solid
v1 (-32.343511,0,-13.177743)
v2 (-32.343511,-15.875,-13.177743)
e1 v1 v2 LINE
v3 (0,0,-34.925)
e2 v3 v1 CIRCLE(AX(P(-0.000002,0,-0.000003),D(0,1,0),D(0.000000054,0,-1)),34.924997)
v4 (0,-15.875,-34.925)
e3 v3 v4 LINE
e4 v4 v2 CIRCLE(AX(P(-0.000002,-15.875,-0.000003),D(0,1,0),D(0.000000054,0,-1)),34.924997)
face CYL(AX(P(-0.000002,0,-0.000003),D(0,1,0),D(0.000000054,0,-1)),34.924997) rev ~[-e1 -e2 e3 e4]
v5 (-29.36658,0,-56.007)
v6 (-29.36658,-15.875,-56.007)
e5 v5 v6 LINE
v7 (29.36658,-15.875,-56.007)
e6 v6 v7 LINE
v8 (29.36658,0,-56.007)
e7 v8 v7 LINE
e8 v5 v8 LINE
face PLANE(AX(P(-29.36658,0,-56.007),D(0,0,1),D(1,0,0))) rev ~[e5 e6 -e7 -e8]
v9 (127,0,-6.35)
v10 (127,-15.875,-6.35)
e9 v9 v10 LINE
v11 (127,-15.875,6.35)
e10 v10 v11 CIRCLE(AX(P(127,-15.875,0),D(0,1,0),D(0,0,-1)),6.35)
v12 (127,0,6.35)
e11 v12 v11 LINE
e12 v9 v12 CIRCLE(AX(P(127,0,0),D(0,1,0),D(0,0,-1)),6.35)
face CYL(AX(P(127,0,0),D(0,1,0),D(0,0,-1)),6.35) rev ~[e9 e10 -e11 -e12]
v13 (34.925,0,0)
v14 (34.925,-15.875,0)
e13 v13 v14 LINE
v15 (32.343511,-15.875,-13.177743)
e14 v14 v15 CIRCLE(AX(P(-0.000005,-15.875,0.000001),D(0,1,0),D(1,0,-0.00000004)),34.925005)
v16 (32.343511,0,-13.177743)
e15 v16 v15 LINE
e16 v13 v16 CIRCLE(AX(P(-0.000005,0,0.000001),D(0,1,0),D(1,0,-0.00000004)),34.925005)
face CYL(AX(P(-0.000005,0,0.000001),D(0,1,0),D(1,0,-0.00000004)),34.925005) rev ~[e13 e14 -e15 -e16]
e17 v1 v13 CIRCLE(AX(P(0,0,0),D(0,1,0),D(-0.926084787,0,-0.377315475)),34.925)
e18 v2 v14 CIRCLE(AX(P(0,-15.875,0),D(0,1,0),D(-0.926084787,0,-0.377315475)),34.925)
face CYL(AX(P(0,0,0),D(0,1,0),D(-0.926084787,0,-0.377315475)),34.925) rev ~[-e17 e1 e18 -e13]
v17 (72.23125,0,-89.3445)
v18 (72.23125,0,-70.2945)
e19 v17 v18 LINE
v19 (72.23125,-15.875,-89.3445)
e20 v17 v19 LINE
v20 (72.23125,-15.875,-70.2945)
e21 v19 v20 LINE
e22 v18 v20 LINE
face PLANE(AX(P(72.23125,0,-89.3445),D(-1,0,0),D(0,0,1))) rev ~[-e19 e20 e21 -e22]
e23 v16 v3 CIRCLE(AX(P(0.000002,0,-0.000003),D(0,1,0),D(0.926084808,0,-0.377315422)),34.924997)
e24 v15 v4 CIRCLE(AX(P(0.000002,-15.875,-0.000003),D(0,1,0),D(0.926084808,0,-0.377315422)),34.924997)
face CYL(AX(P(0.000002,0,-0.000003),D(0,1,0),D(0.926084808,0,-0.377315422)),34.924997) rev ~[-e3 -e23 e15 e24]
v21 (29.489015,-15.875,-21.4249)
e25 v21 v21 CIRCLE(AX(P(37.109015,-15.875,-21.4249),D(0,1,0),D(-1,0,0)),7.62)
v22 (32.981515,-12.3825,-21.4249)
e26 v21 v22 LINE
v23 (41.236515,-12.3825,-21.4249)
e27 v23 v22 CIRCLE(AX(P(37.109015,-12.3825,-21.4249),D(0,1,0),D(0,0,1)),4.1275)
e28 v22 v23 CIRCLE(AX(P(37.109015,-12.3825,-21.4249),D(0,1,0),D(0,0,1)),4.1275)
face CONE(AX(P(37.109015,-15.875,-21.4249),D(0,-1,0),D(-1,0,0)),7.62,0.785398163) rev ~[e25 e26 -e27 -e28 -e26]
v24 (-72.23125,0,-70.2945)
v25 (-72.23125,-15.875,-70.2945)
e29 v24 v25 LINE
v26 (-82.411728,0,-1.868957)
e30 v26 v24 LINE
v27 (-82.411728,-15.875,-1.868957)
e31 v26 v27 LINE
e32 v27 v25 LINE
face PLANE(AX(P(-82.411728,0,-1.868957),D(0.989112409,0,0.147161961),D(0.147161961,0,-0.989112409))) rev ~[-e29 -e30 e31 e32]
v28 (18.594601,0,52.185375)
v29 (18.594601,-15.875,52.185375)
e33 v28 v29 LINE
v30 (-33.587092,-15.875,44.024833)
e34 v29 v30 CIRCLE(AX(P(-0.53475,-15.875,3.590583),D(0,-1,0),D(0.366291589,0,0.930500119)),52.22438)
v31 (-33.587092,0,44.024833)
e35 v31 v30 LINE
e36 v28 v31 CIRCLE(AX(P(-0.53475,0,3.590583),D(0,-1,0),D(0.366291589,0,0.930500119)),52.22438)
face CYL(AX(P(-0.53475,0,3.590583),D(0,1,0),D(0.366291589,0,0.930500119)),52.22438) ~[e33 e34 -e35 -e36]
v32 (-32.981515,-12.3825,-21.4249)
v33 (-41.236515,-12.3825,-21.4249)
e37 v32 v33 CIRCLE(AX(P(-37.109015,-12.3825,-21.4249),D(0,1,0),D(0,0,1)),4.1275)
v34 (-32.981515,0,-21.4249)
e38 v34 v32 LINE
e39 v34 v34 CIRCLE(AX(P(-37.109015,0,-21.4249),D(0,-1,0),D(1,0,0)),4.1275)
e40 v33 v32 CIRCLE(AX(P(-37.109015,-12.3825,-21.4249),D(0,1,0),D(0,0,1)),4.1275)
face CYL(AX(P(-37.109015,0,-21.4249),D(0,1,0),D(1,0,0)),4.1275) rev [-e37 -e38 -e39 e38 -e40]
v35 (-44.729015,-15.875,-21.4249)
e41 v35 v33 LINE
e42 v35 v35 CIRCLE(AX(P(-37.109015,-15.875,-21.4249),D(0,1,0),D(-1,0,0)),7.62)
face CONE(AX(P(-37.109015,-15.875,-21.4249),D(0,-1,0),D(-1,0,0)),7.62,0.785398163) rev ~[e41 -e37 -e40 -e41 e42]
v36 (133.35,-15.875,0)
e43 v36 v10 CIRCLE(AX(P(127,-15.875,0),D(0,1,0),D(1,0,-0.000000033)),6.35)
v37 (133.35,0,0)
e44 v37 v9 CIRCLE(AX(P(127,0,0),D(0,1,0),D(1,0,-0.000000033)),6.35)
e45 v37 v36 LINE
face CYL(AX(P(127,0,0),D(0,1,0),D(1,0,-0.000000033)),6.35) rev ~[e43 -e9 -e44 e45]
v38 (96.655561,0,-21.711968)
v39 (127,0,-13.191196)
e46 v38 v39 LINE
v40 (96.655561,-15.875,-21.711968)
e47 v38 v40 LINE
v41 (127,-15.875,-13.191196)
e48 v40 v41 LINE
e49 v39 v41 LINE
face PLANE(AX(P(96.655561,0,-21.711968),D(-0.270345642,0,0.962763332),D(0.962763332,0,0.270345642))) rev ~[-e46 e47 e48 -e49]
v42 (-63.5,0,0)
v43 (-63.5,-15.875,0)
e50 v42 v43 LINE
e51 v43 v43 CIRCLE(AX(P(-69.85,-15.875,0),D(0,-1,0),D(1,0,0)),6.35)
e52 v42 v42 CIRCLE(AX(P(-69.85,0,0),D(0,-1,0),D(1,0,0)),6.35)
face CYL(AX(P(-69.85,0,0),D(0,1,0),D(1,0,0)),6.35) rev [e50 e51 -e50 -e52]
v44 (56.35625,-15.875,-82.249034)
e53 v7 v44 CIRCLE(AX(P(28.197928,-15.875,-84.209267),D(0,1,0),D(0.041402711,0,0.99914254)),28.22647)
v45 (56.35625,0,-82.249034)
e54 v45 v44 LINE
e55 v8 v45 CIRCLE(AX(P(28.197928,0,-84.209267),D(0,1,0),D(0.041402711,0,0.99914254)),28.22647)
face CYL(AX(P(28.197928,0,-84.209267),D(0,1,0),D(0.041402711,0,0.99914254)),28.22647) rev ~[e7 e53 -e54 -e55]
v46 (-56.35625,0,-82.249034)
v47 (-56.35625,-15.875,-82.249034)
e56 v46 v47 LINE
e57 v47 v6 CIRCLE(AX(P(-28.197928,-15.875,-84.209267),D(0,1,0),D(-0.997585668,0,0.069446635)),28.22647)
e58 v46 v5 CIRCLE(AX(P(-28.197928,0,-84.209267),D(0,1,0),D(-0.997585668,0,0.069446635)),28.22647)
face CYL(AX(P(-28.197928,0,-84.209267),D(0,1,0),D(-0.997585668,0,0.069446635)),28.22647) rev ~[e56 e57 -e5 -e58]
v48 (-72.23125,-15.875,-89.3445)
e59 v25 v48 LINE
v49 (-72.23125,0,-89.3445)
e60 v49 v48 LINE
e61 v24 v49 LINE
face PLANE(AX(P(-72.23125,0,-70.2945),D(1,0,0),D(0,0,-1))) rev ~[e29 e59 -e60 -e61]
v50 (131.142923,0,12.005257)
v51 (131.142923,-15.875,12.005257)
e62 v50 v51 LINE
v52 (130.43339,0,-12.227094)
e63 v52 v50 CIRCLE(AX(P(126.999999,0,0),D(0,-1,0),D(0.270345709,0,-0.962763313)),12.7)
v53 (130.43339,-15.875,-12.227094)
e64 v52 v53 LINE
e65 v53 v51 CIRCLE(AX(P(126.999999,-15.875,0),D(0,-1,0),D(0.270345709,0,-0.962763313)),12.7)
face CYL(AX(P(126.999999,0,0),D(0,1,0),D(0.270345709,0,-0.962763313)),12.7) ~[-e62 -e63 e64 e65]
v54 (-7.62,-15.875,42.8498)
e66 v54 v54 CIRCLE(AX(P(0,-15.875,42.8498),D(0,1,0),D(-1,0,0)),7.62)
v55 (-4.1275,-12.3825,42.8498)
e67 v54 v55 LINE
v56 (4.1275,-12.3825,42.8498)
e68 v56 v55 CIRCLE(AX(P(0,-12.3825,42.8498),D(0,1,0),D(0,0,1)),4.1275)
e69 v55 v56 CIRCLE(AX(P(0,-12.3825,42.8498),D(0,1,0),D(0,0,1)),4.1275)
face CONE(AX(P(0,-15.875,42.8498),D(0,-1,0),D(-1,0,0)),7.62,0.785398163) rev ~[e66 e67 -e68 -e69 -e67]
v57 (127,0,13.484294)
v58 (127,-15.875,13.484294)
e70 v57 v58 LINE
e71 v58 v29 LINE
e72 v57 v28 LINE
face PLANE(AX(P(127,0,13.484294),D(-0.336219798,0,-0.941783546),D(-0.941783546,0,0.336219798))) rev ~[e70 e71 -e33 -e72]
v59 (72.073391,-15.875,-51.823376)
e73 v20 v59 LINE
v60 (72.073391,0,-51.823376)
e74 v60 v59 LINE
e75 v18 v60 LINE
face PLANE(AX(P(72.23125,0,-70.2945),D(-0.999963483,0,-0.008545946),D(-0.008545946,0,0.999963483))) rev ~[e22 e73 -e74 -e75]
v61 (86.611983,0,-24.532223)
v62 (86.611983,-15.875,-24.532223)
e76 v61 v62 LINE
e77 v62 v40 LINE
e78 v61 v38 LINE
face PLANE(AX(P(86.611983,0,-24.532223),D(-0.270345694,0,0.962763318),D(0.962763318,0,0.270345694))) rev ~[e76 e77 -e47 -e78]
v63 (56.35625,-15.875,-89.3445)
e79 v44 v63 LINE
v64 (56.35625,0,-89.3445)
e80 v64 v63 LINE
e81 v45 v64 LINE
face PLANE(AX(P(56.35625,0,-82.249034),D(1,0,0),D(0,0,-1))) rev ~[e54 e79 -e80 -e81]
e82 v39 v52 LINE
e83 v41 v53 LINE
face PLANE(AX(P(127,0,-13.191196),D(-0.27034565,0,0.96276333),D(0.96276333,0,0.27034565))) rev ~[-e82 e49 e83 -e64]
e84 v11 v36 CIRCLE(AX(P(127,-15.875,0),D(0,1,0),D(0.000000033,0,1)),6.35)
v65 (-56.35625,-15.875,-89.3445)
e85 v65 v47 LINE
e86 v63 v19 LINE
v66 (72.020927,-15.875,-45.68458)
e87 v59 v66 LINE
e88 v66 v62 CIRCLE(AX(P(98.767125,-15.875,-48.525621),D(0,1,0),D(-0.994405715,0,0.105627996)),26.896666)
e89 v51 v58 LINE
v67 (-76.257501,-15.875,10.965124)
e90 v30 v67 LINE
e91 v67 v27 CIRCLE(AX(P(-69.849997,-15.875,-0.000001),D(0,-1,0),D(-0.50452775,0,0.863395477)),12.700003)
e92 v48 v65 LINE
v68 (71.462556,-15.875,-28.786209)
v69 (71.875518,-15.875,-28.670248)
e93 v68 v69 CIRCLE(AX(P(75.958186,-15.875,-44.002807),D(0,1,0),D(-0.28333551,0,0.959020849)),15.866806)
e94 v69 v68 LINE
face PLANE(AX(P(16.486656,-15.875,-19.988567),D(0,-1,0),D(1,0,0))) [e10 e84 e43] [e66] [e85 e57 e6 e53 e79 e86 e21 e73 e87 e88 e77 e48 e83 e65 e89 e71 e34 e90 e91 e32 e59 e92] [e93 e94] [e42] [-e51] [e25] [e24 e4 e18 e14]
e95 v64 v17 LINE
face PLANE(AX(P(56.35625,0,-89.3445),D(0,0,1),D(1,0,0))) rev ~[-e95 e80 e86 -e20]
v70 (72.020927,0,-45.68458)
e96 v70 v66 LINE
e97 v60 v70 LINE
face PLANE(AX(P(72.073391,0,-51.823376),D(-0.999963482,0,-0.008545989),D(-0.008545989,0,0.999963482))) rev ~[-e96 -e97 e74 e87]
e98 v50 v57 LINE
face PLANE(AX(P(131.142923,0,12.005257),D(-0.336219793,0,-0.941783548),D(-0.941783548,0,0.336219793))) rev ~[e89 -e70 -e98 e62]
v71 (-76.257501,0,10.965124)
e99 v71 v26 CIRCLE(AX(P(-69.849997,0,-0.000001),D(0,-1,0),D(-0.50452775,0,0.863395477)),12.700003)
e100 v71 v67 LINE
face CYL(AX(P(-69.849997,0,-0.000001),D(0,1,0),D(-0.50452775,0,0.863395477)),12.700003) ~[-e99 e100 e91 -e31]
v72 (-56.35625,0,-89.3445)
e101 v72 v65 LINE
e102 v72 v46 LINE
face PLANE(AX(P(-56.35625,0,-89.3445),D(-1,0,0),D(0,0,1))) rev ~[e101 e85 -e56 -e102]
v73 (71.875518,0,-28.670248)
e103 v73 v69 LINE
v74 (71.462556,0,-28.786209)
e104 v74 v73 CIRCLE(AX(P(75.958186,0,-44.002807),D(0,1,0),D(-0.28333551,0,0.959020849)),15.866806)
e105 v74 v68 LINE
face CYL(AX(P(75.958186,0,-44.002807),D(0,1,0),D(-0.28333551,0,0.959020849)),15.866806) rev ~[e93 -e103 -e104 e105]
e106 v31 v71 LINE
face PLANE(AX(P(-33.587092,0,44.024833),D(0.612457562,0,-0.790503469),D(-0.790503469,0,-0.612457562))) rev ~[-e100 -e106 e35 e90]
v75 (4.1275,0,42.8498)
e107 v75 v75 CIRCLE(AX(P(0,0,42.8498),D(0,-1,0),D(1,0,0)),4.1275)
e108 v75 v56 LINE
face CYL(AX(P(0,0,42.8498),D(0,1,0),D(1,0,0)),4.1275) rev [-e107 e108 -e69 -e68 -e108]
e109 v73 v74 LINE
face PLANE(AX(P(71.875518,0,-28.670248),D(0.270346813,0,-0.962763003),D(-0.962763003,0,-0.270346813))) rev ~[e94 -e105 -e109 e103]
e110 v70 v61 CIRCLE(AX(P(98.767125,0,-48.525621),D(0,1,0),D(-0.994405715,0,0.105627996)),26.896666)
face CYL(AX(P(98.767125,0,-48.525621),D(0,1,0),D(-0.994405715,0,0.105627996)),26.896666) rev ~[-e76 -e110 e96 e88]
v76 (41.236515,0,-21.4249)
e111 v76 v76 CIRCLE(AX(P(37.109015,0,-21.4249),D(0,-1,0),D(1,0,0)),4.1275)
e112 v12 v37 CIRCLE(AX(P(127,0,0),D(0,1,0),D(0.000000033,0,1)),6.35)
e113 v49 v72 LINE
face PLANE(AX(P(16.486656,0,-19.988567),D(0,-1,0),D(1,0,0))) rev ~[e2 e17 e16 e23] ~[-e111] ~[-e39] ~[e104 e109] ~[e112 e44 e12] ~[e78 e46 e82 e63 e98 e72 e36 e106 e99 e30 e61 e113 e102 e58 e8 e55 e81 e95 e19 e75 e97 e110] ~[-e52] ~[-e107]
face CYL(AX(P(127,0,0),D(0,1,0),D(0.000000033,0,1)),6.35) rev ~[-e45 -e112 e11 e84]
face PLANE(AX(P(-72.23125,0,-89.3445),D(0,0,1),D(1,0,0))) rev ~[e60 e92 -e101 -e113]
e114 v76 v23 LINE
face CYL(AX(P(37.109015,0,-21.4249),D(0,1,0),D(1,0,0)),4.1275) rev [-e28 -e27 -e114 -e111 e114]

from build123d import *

# Parameters (mm, degrees)
F0_R           = 4.1275
F0_R_2         = 6.35
F1_DEPTH       = 15.875
F3_D           = 8.255
F3_CSINK_D     = 15.24
F3_CSINK_ANGLE = 90


with BuildPart() as f1:
    # F0 (on Front) → F1 (new body)
    with BuildSketch(Plane.XZ):
        with BuildLine():
            Line((-27.029276, -56.007), (0, -56.007))
            Line((0, -56.007), (27.029276, -56.007))
            ThreePointArc((27.029276, -56.007), (28.197928, -55.982797), (29.36658, -56.007))
            ThreePointArc((29.36658, -56.007), (47.874791, -63.97181), (56.35625, -82.249034))
            Line((56.35625, -82.249034), (56.35625, -89.3445))
            Line((56.35625, -89.3445), (72.23125, -89.3445))
            Line((72.23125, -89.3445), (72.23125, -70.2945))
            Line((72.23125, -70.2945), (72.073391, -51.823376))
            ThreePointArc((72.073391, -51.823376), (71.871442, -48.75548), (72.020927, -45.68458))
            ThreePointArc((72.020927, -45.68458), (76.627023, -33.253211), (86.611983, -24.532223))
            ThreePointArc((86.611983, -24.532223), (91.49573, -22.630497), (96.655561, -21.711968))
            Line((96.655561, -21.711968), (127, -13.191196))
            Line((127, -13.191196), (127, -6.35))
            ThreePointArc((127, -6.35), (120.65, 0), (127, 6.35))
            Line((127, 6.35), (127, 13.484294))
            Line((127, 13.484294), (18.594601, 52.185375))
            ThreePointArc((18.594601, 52.185375), (-8.60389, 55.18782), (-33.587092, 44.024833))
            Line((-33.587092, 44.024833), (-76.257501, 10.965124))
            ThreePointArc((-76.257501, 10.965124), (-81.301476, 5.491238), (-82.411728, -1.868957))
            Line((-82.411728, -1.868957), (-72.23125, -70.2945))
            Line((-72.23125, -70.2945), (-72.23125, -89.3445))
            Line((-72.23125, -89.3445), (-56.35625, -89.3445))
            Line((-56.35625, -89.3445), (-56.35625, -86.1695))
            ThreePointArc((-56.35625, -86.1695), (-56.424398, -84.209267), (-56.35625, -82.249034))
            ThreePointArc((-56.35625, -82.249034), (-47.874791, -63.97181), (-29.36658, -56.007))
            ThreePointArc((-29.36658, -56.007), (-28.197928, -55.982797), (-27.029276, -56.007))
        make_face()
        with Locations((-37.109015, -21.4249)):
            Circle(F0_R, mode=Mode.SUBTRACT)
        with Locations((37.109015, -21.4249)):
            Circle(F0_R, mode=Mode.SUBTRACT)
        with BuildLine():
            ThreePointArc((71.462556, -28.786209), (71.668645, -28.726833), (71.875518, -28.670248))
            Line((71.875518, -28.670248), (71.462556, -28.786209))
        make_face(mode=Mode.SUBTRACT)
        with Locations((-69.85, 0)):
            Circle(F0_R_2, mode=Mode.SUBTRACT)
        with BuildLine():
            ThreePointArc((0, -34.925), (-19.48747, -28.982653), (-32.343511, -13.177743))
            ThreePointArc((-32.343511, -13.177743), (-6.714108, 34.273552), (34.925, 0))
            ThreePointArc((34.925, 0), (34.273552, -6.714108), (32.343511, -13.177743))
            ThreePointArc((32.343511, -13.177743), (19.48747, -28.982653), (0, -34.925))
        make_face(mode=Mode.SUBTRACT)
        with Locations((0, 42.8498)):
            Circle(F0_R, mode=Mode.SUBTRACT)
        with BuildLine():
            Line((-29.36658, -56.007), (-27.029276, -56.007))
            ThreePointArc((-27.029276, -56.007), (-28.197928, -55.982797), (-29.36658, -56.007))
        make_face()
        with BuildLine():
            ThreePointArc((29.36658, -56.007), (28.197928, -55.982797), (27.029276, -56.007))
            Line((27.029276, -56.007), (29.36658, -56.007))
        make_face()
        with BuildLine():
            Line((-56.35625, -86.1695), (-56.35625, -82.249034))
            ThreePointArc((-56.35625, -82.249034), (-56.424398, -84.209267), (-56.35625, -86.1695))
        make_face()
        with BuildLine():
            ThreePointArc((72.020927, -45.68458), (71.871442, -48.75548), (72.073391, -51.823376))
            Line((72.073391, -51.823376), (72.020927, -45.68458))
        make_face()
        with BuildLine():
            ThreePointArc((96.655561, -21.711968), (91.49573, -22.630497), (86.611983, -24.532223))
            Line((86.611983, -24.532223), (96.655561, -21.711968))
        make_face()
        with BuildLine():
            Line((127, -6.35), (127, -13.191196))
            Line((127, -13.191196), (130.43339, -12.227094))
            ThreePointArc((130.43339, -12.227094), (139.694559, -0.371702), (131.142923, 12.005257))
            Line((131.142923, 12.005257), (127, 13.484294))
            Line((127, 13.484294), (127, 6.35))
            ThreePointArc((127, 6.35), (131.490128, 4.490128), (133.35, 0))
            ThreePointArc((133.35, 0), (131.490128, -4.490128), (127, -6.35))
        make_face()
    extrude(amount=F1_DEPTH)

    # F3 (through all)
    with Locations(Plane.XZ.offset(15.875)):
        with Locations((-37.109015, -21.4249), (0, 42.8498), (37.109015, -21.4249)):
            CounterSinkHole(F3_D / 2, F3_CSINK_D / 2, counter_sink_angle=F3_CSINK_ANGLE)


solid = f1.part
